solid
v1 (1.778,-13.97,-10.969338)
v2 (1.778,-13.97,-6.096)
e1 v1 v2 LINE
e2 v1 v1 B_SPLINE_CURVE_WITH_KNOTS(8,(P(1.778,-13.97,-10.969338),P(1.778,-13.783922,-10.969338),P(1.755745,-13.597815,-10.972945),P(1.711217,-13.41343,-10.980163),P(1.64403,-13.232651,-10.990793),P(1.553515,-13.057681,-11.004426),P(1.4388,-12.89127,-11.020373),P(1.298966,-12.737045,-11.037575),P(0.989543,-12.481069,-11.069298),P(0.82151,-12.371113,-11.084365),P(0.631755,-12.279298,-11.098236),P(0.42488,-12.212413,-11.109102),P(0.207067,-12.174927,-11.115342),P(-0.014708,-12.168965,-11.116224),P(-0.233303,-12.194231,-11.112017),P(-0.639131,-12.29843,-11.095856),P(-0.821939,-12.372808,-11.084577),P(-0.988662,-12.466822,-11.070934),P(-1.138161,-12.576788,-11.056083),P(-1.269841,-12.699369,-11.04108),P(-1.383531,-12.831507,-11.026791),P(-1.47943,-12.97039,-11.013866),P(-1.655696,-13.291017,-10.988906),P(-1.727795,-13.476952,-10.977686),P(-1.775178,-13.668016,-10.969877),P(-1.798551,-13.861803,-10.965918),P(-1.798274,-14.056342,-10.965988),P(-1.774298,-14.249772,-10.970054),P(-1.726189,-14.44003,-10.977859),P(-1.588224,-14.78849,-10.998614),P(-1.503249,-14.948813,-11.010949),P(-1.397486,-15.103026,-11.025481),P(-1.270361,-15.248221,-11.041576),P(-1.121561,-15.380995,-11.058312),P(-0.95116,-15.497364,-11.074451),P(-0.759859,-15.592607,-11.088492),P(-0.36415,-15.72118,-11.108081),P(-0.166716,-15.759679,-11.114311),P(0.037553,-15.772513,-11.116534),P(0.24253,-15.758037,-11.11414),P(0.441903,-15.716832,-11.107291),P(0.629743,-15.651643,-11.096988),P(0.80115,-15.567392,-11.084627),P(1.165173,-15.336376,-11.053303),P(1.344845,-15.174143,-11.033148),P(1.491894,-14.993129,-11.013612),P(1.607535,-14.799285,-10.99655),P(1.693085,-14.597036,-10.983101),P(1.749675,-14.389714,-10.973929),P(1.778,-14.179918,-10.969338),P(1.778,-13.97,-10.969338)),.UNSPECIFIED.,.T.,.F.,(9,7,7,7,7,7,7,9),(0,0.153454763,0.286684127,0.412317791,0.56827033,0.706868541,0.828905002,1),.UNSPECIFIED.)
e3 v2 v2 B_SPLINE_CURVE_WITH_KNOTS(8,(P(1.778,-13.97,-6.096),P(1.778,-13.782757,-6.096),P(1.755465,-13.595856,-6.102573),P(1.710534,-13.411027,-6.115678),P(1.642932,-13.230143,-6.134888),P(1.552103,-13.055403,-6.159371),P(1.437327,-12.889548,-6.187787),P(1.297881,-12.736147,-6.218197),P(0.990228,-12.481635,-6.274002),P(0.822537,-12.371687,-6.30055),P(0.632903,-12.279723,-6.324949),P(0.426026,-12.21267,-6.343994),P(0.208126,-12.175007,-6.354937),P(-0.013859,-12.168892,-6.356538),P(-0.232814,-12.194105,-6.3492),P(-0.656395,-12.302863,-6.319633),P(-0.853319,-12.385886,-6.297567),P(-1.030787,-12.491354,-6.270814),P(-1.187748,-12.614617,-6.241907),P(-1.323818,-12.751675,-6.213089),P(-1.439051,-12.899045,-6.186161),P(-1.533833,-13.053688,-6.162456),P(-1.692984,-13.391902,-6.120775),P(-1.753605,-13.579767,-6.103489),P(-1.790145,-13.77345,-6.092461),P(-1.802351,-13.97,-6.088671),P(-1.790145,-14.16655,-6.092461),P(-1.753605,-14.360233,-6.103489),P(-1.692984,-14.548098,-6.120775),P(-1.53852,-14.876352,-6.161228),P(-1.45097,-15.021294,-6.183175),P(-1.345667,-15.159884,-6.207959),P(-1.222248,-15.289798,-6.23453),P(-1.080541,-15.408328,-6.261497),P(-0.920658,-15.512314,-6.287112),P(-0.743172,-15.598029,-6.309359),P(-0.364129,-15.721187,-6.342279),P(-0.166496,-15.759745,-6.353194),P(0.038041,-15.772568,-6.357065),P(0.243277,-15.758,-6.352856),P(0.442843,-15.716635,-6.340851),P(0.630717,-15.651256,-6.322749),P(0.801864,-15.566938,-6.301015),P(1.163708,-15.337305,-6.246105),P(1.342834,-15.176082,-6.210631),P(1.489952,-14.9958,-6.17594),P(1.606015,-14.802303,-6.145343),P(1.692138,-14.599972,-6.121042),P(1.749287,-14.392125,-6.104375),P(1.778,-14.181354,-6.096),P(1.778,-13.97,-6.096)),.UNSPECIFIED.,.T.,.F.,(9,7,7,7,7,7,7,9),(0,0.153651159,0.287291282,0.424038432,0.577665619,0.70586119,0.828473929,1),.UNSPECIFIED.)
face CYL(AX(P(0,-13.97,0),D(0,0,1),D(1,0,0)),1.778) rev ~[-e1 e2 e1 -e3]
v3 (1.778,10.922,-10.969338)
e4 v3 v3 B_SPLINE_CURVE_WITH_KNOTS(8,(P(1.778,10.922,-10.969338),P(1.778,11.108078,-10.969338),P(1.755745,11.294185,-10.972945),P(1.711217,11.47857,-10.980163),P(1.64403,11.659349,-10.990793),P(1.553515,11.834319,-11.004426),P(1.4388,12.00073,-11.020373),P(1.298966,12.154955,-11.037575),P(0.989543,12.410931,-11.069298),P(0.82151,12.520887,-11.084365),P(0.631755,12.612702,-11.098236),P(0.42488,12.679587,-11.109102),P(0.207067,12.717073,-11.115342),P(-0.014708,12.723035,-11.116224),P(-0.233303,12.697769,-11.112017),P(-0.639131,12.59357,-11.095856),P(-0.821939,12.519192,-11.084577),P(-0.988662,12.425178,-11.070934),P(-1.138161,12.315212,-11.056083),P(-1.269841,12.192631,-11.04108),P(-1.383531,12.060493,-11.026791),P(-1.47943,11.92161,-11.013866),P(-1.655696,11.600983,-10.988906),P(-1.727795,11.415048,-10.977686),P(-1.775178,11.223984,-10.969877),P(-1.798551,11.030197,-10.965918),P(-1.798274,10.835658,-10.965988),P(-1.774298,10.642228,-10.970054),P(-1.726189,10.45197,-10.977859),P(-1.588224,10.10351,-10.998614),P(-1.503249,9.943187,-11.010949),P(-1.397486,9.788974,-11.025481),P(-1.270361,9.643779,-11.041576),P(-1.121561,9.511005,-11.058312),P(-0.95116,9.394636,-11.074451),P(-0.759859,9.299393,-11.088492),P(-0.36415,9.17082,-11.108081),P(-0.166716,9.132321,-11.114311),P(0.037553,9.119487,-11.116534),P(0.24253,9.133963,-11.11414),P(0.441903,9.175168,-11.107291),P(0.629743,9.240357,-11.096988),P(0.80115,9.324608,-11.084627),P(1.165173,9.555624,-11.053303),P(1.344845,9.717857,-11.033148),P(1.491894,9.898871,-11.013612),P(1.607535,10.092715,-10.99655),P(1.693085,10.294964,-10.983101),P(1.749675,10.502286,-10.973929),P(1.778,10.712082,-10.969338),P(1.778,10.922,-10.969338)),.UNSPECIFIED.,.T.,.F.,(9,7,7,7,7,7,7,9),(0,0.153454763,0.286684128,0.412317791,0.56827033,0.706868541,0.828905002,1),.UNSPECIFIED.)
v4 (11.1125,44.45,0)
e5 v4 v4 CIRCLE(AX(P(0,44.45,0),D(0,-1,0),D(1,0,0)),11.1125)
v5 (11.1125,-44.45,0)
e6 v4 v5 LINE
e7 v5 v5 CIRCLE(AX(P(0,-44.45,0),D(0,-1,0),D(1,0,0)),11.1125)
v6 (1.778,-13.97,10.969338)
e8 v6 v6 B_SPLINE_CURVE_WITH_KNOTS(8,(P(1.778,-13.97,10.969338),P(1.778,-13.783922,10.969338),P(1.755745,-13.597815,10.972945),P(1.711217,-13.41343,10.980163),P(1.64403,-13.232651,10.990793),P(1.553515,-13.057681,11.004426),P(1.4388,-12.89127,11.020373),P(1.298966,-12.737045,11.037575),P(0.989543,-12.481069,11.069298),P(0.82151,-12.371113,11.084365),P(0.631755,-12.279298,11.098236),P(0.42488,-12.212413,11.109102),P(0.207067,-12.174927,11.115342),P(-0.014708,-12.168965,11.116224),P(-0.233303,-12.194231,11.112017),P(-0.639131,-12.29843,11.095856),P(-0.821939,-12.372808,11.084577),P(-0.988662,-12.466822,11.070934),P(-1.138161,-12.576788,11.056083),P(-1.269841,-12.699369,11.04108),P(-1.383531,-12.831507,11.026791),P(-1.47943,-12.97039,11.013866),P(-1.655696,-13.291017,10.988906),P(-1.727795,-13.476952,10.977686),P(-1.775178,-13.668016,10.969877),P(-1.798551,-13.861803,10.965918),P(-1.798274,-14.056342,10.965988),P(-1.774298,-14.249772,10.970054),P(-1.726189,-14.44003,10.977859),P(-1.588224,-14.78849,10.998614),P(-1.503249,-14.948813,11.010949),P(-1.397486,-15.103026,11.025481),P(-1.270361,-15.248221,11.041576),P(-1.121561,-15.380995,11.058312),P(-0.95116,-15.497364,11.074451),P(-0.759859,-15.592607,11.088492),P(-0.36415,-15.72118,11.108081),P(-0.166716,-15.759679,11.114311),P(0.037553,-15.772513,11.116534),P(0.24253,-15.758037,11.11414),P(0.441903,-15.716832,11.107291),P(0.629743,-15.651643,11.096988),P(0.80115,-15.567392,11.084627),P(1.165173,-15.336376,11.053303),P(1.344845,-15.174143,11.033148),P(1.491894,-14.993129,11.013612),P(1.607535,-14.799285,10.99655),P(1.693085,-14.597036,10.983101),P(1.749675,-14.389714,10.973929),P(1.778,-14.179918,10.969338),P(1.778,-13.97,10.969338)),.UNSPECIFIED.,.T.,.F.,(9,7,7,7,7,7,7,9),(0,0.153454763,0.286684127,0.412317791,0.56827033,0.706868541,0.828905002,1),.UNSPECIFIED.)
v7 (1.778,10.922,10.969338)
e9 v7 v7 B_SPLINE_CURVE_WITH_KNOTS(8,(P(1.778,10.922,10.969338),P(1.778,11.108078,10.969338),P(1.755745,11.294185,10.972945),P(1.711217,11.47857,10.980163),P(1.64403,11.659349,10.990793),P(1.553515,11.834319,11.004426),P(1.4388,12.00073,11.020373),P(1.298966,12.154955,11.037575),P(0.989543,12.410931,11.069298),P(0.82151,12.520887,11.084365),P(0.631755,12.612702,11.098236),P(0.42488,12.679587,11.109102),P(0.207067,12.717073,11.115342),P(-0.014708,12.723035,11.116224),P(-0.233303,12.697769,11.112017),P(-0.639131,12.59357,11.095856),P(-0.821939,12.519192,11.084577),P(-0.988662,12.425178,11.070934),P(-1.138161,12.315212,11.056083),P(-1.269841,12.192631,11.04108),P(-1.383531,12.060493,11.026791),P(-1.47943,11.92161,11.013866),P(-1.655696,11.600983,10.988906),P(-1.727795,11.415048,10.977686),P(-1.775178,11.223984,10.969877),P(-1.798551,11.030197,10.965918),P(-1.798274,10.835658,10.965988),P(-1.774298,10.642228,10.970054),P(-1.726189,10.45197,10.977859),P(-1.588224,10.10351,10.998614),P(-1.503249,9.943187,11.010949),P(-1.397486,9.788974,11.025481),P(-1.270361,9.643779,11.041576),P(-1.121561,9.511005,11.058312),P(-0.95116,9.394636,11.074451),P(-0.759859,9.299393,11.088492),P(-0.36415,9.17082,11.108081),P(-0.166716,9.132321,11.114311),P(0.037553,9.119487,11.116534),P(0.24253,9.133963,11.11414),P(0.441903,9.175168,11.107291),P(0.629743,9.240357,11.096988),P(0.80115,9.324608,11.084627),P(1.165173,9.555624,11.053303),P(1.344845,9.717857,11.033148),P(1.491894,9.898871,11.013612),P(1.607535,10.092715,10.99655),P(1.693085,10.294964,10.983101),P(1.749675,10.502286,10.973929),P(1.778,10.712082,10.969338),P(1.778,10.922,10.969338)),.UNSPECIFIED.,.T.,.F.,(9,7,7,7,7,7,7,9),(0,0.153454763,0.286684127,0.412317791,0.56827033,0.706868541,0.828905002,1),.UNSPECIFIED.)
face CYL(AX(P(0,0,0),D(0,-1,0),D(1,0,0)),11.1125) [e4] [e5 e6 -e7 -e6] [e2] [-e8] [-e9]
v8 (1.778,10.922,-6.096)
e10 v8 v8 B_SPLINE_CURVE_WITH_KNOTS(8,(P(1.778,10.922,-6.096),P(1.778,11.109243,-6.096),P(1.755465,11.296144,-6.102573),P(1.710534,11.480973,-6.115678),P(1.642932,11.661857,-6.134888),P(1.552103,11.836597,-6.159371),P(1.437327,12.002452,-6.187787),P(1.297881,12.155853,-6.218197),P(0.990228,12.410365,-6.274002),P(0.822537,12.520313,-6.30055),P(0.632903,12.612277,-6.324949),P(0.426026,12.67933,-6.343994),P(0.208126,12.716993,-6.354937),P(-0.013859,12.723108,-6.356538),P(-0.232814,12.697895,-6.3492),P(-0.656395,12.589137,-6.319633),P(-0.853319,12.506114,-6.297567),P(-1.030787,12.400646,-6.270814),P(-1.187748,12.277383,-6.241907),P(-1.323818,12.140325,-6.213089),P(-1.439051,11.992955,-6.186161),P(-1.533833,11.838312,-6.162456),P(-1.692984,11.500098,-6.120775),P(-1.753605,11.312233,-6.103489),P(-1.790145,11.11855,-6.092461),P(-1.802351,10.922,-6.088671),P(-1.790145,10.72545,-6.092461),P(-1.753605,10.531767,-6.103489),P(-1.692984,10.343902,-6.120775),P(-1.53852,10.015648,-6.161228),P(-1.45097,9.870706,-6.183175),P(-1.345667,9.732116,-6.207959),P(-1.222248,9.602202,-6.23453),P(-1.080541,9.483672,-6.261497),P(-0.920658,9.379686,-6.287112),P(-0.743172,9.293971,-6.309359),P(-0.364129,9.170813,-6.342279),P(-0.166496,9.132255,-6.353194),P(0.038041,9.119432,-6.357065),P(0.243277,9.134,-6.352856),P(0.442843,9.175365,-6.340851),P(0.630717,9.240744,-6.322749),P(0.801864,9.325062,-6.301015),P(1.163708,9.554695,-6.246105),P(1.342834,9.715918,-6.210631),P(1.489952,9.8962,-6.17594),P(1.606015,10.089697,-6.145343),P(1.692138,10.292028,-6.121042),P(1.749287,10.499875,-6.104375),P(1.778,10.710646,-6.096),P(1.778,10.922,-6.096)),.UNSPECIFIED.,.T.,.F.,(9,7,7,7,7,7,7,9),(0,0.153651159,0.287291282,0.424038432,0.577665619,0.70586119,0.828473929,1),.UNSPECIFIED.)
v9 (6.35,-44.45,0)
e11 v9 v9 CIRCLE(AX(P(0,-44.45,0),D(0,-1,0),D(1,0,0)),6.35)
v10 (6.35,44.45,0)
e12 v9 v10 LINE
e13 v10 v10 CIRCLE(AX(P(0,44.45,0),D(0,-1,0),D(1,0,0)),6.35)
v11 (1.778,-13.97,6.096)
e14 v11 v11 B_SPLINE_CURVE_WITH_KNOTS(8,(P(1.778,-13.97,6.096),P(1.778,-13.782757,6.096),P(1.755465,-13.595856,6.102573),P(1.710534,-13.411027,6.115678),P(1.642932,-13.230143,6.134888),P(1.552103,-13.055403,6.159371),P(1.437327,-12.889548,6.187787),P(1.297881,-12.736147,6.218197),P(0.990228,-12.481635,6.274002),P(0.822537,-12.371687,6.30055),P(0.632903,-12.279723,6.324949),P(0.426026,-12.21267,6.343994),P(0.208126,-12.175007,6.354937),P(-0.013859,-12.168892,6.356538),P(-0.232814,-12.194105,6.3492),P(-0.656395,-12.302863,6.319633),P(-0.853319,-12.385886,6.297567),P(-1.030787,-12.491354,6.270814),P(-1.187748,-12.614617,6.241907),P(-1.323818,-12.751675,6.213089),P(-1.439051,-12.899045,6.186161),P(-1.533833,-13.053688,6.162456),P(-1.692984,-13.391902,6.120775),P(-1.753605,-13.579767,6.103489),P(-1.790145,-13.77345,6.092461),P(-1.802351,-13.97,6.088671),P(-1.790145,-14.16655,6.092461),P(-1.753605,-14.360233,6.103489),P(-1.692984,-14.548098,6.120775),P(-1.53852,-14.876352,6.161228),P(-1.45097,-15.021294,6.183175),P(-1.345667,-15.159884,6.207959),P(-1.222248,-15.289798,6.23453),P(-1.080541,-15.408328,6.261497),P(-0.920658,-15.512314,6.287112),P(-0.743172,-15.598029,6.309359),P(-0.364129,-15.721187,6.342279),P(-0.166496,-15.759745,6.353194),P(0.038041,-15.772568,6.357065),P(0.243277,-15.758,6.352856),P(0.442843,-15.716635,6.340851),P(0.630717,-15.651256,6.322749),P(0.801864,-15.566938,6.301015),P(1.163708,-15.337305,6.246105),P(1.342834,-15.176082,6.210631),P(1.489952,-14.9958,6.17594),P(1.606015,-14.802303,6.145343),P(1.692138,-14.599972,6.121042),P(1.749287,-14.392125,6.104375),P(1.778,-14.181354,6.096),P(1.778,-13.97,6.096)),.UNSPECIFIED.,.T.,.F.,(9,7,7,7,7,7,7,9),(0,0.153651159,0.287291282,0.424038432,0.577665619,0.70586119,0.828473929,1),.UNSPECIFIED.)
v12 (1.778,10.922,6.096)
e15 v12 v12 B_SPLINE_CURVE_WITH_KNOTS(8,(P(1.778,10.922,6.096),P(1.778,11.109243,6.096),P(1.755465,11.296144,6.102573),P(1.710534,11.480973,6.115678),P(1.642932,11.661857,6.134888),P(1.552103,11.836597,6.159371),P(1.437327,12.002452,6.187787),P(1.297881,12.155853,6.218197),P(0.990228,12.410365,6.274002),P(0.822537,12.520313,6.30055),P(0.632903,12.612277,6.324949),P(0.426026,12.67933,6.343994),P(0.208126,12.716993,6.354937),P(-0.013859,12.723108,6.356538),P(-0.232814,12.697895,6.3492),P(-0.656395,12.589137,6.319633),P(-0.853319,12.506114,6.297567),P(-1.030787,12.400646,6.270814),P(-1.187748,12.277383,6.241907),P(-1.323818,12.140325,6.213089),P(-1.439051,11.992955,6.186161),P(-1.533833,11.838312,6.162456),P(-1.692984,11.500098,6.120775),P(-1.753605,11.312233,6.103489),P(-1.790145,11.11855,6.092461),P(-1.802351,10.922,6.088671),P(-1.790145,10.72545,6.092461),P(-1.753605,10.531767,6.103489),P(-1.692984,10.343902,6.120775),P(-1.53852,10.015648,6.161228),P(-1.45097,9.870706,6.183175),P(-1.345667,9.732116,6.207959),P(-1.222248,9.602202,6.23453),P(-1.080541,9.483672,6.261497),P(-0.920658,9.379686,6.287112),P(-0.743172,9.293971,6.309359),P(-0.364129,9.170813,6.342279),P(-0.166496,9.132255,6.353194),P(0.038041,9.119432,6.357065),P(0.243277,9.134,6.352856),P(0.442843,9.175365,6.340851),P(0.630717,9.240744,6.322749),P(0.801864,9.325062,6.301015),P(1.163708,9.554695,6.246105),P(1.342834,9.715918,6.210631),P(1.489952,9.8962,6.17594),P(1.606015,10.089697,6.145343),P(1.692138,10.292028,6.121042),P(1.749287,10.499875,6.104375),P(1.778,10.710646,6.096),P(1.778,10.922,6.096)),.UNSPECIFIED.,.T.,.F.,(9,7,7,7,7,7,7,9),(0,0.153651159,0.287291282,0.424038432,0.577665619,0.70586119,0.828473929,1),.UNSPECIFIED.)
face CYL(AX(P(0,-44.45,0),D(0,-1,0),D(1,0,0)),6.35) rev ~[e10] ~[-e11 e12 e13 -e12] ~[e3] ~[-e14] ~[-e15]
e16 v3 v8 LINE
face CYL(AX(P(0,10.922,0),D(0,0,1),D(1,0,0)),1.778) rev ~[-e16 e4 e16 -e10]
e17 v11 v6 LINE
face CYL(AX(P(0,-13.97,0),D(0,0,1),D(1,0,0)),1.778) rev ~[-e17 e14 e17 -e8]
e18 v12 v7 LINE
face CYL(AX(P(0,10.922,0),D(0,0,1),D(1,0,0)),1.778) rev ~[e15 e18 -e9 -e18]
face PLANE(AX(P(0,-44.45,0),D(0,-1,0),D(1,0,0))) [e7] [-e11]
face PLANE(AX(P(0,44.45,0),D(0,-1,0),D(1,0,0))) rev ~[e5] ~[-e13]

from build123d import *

# Parameters (mm, degrees)
F0_R     = 11.1125
F1_DEPTH = 44.45
F2_R     = 6.35
F3_DEPTH = 88.9
F5_R     = 1.778
F6_DEPTH = 44.45
F4_R     = 1.778
F7_DEPTH = 44.45


with BuildPart() as f1:
    # F0 (on Front) → F1 (new body, symmetric)
    with BuildSketch(Plane.XZ):
        Circle(F0_R)
    extrude(amount=F1_DEPTH, both=True)

    # F2 (on face) → F3 (cut)
    with BuildSketch(Plane.XZ.offset(44.45)):
        Circle(F2_R)
    extrude(amount=-F3_DEPTH, mode=Mode.SUBTRACT)

    # F5 (on Top) → F6 (cut, symmetric)
    with BuildSketch(Plane.XY):
        with Locations((0, 10.922)):
            Circle(F5_R)
    extrude(amount=F6_DEPTH, both=True, mode=Mode.SUBTRACT)

    # F4 (on Top) → F7 (cut, symmetric)
    with BuildSketch(Plane.XY):
        with Locations((0, -13.97)):
            Circle(F4_R)
    extrude(amount=F7_DEPTH, both=True, mode=Mode.SUBTRACT)


solid = f1.part
